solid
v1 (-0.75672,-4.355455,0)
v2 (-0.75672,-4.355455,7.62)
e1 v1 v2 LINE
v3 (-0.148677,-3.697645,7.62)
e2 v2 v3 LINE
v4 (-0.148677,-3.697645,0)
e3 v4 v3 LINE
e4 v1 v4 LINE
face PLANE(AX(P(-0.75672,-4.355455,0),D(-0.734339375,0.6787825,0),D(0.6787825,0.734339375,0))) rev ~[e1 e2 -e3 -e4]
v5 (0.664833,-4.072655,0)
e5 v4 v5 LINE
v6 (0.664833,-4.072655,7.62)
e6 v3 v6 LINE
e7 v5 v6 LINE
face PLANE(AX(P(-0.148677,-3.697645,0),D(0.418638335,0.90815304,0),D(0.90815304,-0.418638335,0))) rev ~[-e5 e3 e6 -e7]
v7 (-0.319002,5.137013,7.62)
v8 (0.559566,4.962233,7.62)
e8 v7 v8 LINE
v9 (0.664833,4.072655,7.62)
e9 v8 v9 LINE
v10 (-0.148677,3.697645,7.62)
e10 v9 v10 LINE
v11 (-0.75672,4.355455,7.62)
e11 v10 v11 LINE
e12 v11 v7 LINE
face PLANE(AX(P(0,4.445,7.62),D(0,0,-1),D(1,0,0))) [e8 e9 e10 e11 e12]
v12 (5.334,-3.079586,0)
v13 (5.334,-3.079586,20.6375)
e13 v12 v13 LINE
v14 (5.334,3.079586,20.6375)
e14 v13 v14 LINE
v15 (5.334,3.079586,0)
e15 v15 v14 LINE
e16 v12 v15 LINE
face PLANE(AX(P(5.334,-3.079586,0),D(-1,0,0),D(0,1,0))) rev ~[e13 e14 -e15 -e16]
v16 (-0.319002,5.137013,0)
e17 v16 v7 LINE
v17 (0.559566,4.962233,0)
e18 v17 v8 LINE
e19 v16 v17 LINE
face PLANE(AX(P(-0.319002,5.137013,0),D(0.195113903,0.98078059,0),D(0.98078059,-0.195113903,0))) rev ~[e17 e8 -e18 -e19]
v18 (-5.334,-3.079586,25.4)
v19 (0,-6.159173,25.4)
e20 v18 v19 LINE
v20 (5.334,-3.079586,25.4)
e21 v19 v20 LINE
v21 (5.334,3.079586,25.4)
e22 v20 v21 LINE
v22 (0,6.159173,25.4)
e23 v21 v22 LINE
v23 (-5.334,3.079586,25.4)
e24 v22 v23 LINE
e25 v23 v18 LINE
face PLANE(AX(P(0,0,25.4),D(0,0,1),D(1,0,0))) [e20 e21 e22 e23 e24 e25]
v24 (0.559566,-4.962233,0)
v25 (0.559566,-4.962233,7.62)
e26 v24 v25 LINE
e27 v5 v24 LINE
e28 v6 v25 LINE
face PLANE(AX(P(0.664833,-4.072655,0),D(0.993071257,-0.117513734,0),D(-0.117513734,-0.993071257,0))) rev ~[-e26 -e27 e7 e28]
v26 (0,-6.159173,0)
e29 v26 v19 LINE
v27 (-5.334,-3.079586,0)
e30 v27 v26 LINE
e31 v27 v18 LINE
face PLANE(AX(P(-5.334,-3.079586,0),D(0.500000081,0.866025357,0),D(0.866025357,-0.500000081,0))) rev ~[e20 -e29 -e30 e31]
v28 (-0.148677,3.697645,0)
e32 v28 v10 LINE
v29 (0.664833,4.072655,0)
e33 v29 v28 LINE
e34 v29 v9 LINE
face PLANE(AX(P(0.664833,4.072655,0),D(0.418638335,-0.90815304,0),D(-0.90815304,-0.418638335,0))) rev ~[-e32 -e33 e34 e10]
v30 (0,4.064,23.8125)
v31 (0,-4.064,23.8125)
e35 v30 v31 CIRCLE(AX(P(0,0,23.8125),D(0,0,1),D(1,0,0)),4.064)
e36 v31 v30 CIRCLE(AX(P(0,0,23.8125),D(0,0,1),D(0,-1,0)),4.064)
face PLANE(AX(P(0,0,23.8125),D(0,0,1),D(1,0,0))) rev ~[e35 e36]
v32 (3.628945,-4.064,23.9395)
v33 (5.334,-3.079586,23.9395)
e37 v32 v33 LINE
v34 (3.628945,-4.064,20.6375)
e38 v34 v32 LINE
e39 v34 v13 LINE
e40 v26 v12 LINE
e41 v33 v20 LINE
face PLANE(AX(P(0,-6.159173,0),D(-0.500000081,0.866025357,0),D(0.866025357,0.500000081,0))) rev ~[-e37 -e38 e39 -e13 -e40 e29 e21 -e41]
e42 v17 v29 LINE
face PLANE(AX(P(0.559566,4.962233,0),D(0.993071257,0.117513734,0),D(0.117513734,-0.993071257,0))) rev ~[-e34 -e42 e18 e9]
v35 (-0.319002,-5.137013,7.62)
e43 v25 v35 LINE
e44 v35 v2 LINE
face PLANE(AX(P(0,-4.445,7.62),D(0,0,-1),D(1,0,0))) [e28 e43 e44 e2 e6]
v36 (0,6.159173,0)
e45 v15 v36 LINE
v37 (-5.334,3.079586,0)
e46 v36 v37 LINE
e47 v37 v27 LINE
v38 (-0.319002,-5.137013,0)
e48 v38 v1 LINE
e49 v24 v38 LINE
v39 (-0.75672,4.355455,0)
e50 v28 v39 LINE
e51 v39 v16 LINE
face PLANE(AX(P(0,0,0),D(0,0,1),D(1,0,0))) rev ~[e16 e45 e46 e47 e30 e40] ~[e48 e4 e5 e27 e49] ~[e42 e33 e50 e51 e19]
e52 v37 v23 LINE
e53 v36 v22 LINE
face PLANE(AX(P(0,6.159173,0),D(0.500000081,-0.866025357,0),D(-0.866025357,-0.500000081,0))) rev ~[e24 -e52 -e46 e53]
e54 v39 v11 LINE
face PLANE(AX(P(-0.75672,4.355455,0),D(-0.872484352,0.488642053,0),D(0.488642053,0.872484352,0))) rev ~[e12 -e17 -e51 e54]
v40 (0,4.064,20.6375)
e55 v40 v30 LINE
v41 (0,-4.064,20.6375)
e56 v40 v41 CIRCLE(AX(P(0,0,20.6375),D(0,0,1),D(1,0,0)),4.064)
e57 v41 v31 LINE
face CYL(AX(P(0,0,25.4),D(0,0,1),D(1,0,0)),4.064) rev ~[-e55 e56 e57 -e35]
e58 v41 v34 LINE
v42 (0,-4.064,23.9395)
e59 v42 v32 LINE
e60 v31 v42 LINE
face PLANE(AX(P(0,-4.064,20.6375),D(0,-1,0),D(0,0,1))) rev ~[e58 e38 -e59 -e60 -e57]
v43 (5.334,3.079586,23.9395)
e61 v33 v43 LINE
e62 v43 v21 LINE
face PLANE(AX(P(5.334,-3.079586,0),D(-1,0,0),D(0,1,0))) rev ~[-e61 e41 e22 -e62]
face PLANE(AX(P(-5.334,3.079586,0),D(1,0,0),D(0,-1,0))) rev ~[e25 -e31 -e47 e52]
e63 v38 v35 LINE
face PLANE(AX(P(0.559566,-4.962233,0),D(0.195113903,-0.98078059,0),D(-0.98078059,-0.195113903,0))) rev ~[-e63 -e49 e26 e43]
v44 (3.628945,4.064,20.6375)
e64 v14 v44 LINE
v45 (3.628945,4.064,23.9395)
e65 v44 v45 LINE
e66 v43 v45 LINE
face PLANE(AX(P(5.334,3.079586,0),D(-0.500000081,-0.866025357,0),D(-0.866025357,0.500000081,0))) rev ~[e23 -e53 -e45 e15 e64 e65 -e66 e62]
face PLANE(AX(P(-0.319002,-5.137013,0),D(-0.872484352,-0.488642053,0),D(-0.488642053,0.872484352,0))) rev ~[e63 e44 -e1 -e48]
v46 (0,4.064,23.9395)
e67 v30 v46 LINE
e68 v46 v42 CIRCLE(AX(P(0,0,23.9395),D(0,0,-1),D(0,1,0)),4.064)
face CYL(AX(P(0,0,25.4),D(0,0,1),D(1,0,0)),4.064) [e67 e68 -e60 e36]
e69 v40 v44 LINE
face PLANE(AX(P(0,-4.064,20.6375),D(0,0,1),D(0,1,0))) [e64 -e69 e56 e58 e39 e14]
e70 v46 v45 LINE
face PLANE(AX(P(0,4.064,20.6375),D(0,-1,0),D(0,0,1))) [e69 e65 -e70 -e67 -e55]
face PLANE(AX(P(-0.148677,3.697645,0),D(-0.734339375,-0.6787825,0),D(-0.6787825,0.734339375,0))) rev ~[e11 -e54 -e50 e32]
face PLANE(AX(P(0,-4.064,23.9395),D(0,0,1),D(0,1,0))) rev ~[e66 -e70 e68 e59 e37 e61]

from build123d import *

# Parameters (mm, degrees)
F1_DEPTH = 25.4
F2_R     = 4.064
F3_DEPTH = 4.7625
F4_W     = 8.128
F4_H     = 3.302
F5_DEPTH = 5.335
F6_R     = 4.064
F7_DEPTH = 1.5875
F9_DEPTH = 7.62


with BuildPart() as f1:
    # F0 (on Top) → F1 (new body)
    with BuildSketch(Plane.XY):
        Polygon((5.334, -3.079586), (5.334, 3.079586), (0, 6.159173), (-5.334, 3.079586), (-5.334, -3.079586), (0, -6.159173), align=None)
    extrude(amount=F1_DEPTH)

    # F2 (on face) → F3 (cut)
    with BuildSketch(Plane.XY.offset(25.4)):
        Circle(F2_R)
    extrude(amount=-F3_DEPTH, mode=Mode.SUBTRACT)

    # F4 (on Right) → F5 (cut, through all)
    with BuildSketch(Plane.YZ):
        with Locations((0, 22.2885)):
            Rectangle(F4_W, F4_H)
    extrude(amount=F5_DEPTH, mode=Mode.SUBTRACT)

    # F6 (on face) → F7 (join)
    with BuildSketch(Plane.XY.offset(25.4)):
        Circle(F6_R)
    extrude(amount=-F7_DEPTH)

    # F8 (on face) → F9 (cut)
    with BuildSketch(Plane(origin=(0, 0, 0), x_dir=(1, 0, 0), z_dir=(0, 0, -1))):
        Polygon((0.559566, -4.962233), (0.664833, -4.072655), (-0.148677, -3.697645), (-0.75672, -4.355455), (-0.319002, -5.137013), align=None)
        Polygon((-0.148677, 3.697645), (0.664833, 4.072655), (0.559566, 4.962233), (-0.319002, 5.137013), (-0.75672, 4.355455), align=None)
    extrude(amount=-F9_DEPTH, mode=Mode.SUBTRACT)


solid = f1.part
